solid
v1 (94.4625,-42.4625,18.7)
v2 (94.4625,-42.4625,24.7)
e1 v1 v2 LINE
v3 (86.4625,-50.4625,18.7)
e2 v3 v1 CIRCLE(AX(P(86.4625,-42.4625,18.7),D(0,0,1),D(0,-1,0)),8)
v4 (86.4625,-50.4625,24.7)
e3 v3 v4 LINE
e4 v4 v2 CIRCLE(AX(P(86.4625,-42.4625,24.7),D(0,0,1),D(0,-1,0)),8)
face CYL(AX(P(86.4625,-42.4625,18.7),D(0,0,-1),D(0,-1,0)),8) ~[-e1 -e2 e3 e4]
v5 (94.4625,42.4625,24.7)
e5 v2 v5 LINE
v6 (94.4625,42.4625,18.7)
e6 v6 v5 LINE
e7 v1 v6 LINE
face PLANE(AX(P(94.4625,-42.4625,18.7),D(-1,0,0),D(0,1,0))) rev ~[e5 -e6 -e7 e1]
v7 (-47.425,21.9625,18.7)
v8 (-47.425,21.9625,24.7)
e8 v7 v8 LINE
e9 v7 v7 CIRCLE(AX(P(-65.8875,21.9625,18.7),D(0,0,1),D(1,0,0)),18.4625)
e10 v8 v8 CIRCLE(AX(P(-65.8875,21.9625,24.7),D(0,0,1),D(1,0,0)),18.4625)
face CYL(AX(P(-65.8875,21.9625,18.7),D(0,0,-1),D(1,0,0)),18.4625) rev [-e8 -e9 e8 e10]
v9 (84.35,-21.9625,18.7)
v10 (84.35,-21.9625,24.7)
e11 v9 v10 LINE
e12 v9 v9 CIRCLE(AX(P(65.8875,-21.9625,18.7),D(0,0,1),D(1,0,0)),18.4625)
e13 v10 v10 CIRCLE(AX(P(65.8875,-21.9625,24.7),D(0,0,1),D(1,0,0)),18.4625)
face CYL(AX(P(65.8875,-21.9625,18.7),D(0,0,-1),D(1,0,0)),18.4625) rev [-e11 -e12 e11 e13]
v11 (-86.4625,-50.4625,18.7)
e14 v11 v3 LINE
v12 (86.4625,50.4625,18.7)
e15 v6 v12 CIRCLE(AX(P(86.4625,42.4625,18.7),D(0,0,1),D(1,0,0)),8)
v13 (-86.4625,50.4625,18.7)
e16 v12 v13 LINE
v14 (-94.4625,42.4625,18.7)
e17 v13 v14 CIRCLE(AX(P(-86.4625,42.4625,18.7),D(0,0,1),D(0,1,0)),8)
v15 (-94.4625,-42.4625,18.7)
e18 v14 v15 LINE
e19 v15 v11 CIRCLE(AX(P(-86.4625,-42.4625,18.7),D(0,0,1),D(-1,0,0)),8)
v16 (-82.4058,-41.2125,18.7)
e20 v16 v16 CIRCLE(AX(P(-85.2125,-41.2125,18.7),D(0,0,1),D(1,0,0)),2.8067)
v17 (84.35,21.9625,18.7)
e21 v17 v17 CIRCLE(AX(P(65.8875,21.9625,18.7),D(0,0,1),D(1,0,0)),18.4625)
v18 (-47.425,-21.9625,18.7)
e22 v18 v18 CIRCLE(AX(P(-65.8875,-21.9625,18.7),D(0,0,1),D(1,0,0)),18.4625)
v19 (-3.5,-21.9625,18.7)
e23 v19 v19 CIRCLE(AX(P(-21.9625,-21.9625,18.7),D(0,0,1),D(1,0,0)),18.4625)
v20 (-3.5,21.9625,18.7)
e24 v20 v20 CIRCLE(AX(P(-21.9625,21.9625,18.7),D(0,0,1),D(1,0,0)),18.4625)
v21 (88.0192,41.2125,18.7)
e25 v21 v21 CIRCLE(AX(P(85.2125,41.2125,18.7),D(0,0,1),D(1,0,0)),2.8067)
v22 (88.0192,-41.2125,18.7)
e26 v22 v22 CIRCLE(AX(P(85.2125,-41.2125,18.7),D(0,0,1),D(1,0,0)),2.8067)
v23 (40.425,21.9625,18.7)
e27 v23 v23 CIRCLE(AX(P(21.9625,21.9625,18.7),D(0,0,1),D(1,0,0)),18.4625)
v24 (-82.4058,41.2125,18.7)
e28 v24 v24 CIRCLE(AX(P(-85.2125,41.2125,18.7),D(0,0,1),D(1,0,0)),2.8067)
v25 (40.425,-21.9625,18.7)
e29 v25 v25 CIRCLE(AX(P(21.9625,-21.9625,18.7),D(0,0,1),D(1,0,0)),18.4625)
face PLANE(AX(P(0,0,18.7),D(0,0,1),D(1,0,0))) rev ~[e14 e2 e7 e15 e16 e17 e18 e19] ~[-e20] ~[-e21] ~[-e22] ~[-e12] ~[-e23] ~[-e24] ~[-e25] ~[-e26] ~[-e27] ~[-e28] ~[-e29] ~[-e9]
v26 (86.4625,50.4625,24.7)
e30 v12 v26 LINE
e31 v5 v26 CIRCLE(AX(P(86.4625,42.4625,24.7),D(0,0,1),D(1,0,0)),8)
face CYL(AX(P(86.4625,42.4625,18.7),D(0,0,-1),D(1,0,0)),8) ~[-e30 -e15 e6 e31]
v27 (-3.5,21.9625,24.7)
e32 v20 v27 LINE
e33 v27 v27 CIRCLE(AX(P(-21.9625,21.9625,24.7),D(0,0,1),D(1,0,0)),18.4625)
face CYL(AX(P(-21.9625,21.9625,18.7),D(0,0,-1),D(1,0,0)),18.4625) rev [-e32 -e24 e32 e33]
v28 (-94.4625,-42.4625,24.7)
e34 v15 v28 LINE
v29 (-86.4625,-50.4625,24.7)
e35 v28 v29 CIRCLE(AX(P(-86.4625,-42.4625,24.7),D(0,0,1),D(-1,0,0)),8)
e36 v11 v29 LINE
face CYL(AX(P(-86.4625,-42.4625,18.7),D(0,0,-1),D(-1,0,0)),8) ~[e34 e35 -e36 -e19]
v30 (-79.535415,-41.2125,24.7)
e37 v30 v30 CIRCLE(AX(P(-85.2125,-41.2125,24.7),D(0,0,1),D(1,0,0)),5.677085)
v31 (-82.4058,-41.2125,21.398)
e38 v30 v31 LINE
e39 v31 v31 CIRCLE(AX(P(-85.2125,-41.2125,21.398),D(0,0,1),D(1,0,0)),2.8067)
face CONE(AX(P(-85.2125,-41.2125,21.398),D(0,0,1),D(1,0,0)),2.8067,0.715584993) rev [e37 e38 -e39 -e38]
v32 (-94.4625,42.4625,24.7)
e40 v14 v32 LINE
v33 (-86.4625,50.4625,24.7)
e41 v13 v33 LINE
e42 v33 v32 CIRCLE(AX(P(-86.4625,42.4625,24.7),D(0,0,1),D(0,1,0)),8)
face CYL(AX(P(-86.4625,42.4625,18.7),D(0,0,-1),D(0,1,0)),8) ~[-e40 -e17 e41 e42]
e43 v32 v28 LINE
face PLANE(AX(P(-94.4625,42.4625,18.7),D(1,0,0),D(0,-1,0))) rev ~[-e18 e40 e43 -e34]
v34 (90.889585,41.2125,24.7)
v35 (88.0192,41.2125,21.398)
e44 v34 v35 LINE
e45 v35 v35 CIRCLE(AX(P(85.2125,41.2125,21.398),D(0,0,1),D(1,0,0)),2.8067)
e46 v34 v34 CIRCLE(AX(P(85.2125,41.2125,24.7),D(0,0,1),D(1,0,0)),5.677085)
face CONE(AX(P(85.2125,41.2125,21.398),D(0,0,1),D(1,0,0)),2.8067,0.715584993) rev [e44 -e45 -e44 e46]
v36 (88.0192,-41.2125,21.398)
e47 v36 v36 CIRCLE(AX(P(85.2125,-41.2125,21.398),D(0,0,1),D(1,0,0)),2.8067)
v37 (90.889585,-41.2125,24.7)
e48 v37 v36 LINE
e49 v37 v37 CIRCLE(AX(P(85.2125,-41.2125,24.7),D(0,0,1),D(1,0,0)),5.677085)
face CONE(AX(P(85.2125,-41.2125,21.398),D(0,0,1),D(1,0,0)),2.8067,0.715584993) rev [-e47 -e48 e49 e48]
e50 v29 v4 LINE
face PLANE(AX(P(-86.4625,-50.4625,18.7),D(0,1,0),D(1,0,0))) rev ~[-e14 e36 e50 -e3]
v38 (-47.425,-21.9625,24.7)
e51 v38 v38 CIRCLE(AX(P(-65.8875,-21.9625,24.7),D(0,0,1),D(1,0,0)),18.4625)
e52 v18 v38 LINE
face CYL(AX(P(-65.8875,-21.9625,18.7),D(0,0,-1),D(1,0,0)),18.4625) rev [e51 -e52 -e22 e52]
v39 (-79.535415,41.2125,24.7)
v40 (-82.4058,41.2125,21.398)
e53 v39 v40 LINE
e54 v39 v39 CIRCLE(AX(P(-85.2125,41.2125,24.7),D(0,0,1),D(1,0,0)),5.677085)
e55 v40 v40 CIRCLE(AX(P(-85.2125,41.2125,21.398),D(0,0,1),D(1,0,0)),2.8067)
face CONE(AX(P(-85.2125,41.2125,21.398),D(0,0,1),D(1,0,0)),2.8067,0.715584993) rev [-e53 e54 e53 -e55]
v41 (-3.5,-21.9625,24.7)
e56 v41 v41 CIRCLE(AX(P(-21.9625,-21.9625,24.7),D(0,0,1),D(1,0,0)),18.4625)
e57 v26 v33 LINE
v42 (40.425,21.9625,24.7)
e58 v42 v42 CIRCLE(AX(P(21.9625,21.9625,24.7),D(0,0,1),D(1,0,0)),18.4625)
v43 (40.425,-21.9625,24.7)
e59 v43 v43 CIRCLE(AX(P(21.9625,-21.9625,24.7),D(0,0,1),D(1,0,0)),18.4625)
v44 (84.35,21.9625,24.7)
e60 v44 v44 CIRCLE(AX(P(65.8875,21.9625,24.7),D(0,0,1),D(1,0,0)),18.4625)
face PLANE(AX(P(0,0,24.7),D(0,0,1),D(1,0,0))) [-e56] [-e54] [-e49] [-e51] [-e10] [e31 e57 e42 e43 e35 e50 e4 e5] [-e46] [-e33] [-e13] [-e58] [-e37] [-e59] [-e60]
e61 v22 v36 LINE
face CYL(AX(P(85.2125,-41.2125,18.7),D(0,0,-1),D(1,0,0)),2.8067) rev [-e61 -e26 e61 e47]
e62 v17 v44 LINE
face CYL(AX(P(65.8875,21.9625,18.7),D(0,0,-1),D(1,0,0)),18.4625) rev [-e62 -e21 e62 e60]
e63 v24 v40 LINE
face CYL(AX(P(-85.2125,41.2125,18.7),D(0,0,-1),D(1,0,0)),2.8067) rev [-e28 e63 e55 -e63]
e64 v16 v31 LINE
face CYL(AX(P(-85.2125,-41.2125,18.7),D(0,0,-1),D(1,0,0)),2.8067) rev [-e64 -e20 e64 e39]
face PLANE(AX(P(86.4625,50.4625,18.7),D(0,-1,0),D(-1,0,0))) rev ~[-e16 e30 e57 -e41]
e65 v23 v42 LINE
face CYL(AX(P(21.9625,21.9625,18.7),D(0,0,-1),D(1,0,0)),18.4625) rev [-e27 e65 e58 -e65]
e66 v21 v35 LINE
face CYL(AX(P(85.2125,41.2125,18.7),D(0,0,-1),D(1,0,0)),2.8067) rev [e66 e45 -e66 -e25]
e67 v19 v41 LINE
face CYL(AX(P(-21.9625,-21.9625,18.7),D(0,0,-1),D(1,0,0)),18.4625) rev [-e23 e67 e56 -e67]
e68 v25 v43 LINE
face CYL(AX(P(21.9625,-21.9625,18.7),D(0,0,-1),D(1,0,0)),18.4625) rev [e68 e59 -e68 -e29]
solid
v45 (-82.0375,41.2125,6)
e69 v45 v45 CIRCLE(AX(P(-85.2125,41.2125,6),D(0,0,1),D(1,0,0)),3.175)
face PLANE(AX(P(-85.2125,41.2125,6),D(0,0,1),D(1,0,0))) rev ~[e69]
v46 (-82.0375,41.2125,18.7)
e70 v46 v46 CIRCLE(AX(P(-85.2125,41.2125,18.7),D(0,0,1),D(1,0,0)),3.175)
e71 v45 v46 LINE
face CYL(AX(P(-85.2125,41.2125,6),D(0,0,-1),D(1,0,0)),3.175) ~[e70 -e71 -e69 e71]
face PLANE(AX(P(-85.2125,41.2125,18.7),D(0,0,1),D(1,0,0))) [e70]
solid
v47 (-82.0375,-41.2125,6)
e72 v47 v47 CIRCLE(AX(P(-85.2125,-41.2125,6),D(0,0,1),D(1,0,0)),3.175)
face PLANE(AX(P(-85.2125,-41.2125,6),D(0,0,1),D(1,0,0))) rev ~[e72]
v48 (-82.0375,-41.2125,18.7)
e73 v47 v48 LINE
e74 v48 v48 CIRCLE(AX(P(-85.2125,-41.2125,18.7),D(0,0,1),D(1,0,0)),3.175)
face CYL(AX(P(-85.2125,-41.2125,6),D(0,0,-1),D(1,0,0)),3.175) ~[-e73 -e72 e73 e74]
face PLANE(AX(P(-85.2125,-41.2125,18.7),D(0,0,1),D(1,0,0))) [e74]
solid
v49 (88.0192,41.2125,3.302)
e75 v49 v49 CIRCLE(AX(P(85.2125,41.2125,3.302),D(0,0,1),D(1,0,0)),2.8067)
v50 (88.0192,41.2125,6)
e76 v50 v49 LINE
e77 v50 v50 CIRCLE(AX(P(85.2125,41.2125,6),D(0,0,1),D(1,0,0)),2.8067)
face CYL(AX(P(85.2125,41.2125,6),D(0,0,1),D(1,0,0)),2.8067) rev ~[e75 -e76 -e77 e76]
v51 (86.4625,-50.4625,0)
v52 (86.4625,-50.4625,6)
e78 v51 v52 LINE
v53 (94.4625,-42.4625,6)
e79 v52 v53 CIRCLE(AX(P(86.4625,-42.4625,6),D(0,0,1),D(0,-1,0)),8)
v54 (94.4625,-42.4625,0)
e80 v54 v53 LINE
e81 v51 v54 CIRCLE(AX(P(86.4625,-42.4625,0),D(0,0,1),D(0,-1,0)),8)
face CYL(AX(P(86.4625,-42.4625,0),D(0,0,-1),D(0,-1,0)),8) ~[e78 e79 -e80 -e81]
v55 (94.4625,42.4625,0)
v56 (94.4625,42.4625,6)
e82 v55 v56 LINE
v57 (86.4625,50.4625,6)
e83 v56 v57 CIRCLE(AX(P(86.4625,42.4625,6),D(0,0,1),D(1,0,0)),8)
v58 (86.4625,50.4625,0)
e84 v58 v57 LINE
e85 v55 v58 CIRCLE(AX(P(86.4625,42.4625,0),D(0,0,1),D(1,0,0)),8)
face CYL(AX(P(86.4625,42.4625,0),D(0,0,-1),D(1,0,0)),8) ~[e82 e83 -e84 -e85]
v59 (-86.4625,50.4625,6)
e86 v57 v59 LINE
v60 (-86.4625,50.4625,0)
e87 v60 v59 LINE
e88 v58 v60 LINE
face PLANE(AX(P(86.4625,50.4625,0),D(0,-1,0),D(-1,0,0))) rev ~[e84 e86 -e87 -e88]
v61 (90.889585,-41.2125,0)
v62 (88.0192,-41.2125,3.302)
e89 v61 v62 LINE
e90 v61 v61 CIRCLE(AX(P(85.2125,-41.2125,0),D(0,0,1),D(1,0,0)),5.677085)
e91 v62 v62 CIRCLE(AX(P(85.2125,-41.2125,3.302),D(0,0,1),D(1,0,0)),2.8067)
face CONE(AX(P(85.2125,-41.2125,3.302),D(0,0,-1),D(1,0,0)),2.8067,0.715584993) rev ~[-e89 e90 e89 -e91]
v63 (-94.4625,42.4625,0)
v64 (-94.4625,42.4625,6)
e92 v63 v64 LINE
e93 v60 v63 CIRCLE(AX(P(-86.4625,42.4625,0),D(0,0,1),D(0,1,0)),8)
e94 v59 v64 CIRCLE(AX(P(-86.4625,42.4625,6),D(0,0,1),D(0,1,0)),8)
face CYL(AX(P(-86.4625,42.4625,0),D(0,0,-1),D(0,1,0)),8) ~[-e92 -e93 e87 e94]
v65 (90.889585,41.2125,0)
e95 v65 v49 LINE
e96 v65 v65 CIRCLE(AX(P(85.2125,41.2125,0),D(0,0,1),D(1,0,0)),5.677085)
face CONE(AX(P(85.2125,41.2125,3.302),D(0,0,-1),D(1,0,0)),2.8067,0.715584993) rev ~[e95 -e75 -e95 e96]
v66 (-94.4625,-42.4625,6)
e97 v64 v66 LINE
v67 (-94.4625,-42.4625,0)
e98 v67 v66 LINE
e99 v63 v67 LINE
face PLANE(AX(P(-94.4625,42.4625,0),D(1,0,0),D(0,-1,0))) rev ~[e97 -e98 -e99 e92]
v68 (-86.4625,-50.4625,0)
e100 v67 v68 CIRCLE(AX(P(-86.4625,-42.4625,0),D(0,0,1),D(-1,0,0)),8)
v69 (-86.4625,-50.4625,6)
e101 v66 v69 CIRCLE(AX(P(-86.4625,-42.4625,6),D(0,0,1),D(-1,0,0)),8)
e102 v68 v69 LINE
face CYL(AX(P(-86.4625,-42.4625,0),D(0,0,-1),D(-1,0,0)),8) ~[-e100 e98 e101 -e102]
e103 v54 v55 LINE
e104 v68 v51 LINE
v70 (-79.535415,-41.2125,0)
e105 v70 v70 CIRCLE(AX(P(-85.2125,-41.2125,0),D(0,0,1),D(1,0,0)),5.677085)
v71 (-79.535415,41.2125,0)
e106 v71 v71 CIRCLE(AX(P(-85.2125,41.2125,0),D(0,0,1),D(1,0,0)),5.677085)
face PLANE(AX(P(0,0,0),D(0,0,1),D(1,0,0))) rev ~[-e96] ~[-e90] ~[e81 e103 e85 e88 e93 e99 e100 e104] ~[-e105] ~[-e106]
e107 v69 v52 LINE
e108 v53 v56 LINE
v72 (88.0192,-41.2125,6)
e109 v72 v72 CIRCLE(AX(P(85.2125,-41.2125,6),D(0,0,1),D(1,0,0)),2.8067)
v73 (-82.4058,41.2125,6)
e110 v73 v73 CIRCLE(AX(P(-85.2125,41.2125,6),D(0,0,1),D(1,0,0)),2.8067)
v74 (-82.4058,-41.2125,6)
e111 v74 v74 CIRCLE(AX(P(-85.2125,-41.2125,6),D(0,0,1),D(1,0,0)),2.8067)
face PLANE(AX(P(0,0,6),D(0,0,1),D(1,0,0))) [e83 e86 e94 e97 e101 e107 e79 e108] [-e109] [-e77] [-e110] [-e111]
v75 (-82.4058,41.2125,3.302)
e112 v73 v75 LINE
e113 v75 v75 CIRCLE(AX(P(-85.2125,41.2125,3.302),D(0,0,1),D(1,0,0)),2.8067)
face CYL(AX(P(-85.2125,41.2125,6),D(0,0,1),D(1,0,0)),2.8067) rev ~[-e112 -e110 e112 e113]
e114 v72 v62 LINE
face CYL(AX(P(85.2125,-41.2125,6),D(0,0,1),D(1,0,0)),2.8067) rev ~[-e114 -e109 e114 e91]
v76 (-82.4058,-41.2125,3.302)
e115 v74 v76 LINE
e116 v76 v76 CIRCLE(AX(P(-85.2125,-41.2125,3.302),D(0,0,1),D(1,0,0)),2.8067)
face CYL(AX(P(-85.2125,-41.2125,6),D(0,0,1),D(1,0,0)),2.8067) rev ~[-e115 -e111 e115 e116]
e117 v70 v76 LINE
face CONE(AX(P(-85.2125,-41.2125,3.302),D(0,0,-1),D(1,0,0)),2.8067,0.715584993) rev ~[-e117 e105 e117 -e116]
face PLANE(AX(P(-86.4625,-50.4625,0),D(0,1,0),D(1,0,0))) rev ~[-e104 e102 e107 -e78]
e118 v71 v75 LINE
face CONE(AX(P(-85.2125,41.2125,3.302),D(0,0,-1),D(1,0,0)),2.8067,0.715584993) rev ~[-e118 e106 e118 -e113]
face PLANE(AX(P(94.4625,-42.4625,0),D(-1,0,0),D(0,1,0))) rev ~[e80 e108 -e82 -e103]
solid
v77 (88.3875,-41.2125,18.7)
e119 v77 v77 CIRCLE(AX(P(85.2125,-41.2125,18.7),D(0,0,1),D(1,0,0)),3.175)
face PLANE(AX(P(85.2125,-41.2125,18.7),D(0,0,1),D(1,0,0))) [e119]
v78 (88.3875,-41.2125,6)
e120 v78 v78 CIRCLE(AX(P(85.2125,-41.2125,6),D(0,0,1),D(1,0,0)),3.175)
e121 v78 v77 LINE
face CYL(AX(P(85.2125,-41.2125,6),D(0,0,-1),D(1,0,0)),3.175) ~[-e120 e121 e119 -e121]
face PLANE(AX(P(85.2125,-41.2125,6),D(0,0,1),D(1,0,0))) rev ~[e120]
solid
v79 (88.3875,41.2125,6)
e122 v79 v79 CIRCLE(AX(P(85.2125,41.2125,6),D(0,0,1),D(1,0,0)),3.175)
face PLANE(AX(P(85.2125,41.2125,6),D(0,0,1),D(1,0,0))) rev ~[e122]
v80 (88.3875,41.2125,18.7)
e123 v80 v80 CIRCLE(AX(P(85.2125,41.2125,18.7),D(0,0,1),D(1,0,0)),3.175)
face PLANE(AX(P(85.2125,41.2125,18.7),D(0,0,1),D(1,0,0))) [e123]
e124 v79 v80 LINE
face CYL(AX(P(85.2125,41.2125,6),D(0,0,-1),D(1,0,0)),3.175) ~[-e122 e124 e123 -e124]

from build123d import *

# Parameters (mm, degrees)
F1_DEPTH    = 6
F2_R        = 2.8067
F3_DEPTH    = 6
F6_R        = 3.175
F7_DEPTH    = 12.7
F8_R        = 2.8067
F8_R_2      = 18.4625
F9_DEPTH    = 6
F10_SIZE2   = 3.302
F10_SIZE    = 2.8703848083
F10_2_SIZE2 = 3.302
F10_2_SIZE  = 2.8703848083


with BuildPart() as f1:
    # F0 (on Top) → F1 (new body)
    with BuildSketch(Plane.XY):
        with BuildLine():
            Line((-86.4625, -50.4625), (86.4625, -50.4625))
            ThreePointArc((86.4625, -50.4625), (92.1193542495, -48.1193542495), (94.4625, -42.4625))
            Line((94.4625, -42.4625), (94.4625, 42.4625))
            ThreePointArc((94.4625, 42.4625), (92.1193542495, 48.1193542495), (86.4625, 50.4625))
            Line((86.4625, 50.4625), (-86.4625, 50.4625))
            ThreePointArc((-86.4625, 50.4625), (-92.1193542495, 48.1193542495), (-94.4625, 42.4625))
            Line((-94.4625, 42.4625), (-94.4625, -42.4625))
            ThreePointArc((-94.4625, -42.4625), (-92.1193542495, -48.1193542495), (-86.4625, -50.4625))
        make_face()
    extrude(amount=F1_DEPTH)

    # F2 (on face) → F3 (cut, through all)
    with BuildSketch(Plane.XY.offset(6)):
        with Locations((-85.2125, 41.2125)):
            Circle(F2_R)
        with Locations((85.2125, -41.2125)):
            Circle(F2_R)
        with Locations((-85.2125, -41.2125)):
            Circle(F2_R)
        with Locations((85.2125, 41.2125)):
            Circle(F2_R)
    extrude(amount=-F3_DEPTH, mode=Mode.SUBTRACT)

    # F10#2
    f10_2_edges = [f1.edges().sort_by_distance(p)[0] for p in [
        (82.4058, -41.2125, 0),
        (82.4058, 41.2125, 0),
        (-88.0192, -41.2125, 0),
        (-88.0192, 41.2125, 0),
    ]]
    f10_2_side = f1.faces().sort_by_distance((0, 0, 0))[0]
    chamfer(f10_2_edges, length=F10_2_SIZE, length2=F10_2_SIZE2, reference=f10_2_side)


with BuildPart() as f7:
    # F6 (on offset) → F7 (new body)
    with BuildSketch(Plane.XY.offset(6)):
        with Locations((-85.2125, 41.2125)):
            Circle(F6_R)
    extrude(amount=F7_DEPTH)


with BuildPart() as f7b:
    # F6 (on offset) → F7, piece 2 (new body)
    with BuildSketch(Plane.XY.offset(6)):
        with Locations((85.2125, 41.2125)):
            Circle(F6_R)
    extrude(amount=F7_DEPTH)


with BuildPart() as f7c:
    # F6 (on offset) → F7, piece 3 (new body)
    with BuildSketch(Plane.XY.offset(6)):
        with Locations((85.2125, -41.2125)):
            Circle(F6_R)
    extrude(amount=F7_DEPTH)


with BuildPart() as f7d:
    # F6 (on offset) → F7, piece 4 (new body)
    with BuildSketch(Plane.XY.offset(6)):
        with Locations((-85.2125, -41.2125)):
            Circle(F6_R)
    extrude(amount=F7_DEPTH)


with BuildPart() as f9:
    # F8 (on offset) → F9 (new body)
    with BuildSketch(Plane.XY.offset(18.7)):
        with BuildLine():
            Line((86.4625, 50.4625), (-86.4625, 50.4625))
            ThreePointArc((-86.4625, 50.4625), (-92.1193542495, 48.1193542495), (-94.4625, 42.4625))
            Line((-94.4625, 42.4625), (-94.4625, -42.4625))
            ThreePointArc((-94.4625, -42.4625), (-92.1193542495, -48.1193542495), (-86.4625, -50.4625))
            Line((-86.4625, -50.4625), (86.4625, -50.4625))
            ThreePointArc((86.4625, -50.4625), (92.1193542495, -48.1193542495), (94.4625, -42.4625))
            Line((94.4625, -42.4625), (94.4625, 42.4625))
            ThreePointArc((94.4625, 42.4625), (92.1193542495, 48.1193542495), (86.4625, 50.4625))
        make_face()
        with Locations((-85.2125, -41.2125)):
            Circle(F8_R, mode=Mode.SUBTRACT)
        with Locations((-65.8875, -21.9625)):
            Circle(F8_R_2, mode=Mode.SUBTRACT)
        with Locations((-21.9625, -21.9625)):
            Circle(F8_R_2, mode=Mode.SUBTRACT)
        with Locations((85.2125, -41.2125)):
            Circle(F8_R, mode=Mode.SUBTRACT)
        with Locations((21.9625, -21.9625)):
            Circle(F8_R_2, mode=Mode.SUBTRACT)
        with Locations((65.8875, -21.9625)):
            Circle(F8_R_2, mode=Mode.SUBTRACT)
        with Locations((-65.8875, 21.9625)):
            Circle(F8_R_2, mode=Mode.SUBTRACT)
        with Locations((-21.9625, 21.9625)):
            Circle(F8_R_2, mode=Mode.SUBTRACT)
        with Locations((-85.2125, 41.2125)):
            Circle(F8_R, mode=Mode.SUBTRACT)
        with Locations((21.9625, 21.9625)):
            Circle(F8_R_2, mode=Mode.SUBTRACT)
        with Locations((65.8875, 21.9625)):
            Circle(F8_R_2, mode=Mode.SUBTRACT)
        with Locations((85.2125, 41.2125)):
            Circle(F8_R, mode=Mode.SUBTRACT)
    extrude(amount=F9_DEPTH)

    # F10
    f10_edges = [f9.edges().sort_by_distance(p)[0] for p in [
        (-88.0192, -41.2125, 24.7),
        (-88.0192, 41.2125, 24.7),
        (82.4058, 41.2125, 24.7),
        (82.4058, -41.2125, 24.7),
    ]]
    f10_side = f9.faces().sort_by_distance((0, 0, 24.7))[0]
    chamfer(f10_edges, length=F10_SIZE, length2=F10_SIZE2, reference=f10_side)


solid = Compound([f1.part, f7.part, f7b.part, f7c.part, f7d.part, f9.part])
